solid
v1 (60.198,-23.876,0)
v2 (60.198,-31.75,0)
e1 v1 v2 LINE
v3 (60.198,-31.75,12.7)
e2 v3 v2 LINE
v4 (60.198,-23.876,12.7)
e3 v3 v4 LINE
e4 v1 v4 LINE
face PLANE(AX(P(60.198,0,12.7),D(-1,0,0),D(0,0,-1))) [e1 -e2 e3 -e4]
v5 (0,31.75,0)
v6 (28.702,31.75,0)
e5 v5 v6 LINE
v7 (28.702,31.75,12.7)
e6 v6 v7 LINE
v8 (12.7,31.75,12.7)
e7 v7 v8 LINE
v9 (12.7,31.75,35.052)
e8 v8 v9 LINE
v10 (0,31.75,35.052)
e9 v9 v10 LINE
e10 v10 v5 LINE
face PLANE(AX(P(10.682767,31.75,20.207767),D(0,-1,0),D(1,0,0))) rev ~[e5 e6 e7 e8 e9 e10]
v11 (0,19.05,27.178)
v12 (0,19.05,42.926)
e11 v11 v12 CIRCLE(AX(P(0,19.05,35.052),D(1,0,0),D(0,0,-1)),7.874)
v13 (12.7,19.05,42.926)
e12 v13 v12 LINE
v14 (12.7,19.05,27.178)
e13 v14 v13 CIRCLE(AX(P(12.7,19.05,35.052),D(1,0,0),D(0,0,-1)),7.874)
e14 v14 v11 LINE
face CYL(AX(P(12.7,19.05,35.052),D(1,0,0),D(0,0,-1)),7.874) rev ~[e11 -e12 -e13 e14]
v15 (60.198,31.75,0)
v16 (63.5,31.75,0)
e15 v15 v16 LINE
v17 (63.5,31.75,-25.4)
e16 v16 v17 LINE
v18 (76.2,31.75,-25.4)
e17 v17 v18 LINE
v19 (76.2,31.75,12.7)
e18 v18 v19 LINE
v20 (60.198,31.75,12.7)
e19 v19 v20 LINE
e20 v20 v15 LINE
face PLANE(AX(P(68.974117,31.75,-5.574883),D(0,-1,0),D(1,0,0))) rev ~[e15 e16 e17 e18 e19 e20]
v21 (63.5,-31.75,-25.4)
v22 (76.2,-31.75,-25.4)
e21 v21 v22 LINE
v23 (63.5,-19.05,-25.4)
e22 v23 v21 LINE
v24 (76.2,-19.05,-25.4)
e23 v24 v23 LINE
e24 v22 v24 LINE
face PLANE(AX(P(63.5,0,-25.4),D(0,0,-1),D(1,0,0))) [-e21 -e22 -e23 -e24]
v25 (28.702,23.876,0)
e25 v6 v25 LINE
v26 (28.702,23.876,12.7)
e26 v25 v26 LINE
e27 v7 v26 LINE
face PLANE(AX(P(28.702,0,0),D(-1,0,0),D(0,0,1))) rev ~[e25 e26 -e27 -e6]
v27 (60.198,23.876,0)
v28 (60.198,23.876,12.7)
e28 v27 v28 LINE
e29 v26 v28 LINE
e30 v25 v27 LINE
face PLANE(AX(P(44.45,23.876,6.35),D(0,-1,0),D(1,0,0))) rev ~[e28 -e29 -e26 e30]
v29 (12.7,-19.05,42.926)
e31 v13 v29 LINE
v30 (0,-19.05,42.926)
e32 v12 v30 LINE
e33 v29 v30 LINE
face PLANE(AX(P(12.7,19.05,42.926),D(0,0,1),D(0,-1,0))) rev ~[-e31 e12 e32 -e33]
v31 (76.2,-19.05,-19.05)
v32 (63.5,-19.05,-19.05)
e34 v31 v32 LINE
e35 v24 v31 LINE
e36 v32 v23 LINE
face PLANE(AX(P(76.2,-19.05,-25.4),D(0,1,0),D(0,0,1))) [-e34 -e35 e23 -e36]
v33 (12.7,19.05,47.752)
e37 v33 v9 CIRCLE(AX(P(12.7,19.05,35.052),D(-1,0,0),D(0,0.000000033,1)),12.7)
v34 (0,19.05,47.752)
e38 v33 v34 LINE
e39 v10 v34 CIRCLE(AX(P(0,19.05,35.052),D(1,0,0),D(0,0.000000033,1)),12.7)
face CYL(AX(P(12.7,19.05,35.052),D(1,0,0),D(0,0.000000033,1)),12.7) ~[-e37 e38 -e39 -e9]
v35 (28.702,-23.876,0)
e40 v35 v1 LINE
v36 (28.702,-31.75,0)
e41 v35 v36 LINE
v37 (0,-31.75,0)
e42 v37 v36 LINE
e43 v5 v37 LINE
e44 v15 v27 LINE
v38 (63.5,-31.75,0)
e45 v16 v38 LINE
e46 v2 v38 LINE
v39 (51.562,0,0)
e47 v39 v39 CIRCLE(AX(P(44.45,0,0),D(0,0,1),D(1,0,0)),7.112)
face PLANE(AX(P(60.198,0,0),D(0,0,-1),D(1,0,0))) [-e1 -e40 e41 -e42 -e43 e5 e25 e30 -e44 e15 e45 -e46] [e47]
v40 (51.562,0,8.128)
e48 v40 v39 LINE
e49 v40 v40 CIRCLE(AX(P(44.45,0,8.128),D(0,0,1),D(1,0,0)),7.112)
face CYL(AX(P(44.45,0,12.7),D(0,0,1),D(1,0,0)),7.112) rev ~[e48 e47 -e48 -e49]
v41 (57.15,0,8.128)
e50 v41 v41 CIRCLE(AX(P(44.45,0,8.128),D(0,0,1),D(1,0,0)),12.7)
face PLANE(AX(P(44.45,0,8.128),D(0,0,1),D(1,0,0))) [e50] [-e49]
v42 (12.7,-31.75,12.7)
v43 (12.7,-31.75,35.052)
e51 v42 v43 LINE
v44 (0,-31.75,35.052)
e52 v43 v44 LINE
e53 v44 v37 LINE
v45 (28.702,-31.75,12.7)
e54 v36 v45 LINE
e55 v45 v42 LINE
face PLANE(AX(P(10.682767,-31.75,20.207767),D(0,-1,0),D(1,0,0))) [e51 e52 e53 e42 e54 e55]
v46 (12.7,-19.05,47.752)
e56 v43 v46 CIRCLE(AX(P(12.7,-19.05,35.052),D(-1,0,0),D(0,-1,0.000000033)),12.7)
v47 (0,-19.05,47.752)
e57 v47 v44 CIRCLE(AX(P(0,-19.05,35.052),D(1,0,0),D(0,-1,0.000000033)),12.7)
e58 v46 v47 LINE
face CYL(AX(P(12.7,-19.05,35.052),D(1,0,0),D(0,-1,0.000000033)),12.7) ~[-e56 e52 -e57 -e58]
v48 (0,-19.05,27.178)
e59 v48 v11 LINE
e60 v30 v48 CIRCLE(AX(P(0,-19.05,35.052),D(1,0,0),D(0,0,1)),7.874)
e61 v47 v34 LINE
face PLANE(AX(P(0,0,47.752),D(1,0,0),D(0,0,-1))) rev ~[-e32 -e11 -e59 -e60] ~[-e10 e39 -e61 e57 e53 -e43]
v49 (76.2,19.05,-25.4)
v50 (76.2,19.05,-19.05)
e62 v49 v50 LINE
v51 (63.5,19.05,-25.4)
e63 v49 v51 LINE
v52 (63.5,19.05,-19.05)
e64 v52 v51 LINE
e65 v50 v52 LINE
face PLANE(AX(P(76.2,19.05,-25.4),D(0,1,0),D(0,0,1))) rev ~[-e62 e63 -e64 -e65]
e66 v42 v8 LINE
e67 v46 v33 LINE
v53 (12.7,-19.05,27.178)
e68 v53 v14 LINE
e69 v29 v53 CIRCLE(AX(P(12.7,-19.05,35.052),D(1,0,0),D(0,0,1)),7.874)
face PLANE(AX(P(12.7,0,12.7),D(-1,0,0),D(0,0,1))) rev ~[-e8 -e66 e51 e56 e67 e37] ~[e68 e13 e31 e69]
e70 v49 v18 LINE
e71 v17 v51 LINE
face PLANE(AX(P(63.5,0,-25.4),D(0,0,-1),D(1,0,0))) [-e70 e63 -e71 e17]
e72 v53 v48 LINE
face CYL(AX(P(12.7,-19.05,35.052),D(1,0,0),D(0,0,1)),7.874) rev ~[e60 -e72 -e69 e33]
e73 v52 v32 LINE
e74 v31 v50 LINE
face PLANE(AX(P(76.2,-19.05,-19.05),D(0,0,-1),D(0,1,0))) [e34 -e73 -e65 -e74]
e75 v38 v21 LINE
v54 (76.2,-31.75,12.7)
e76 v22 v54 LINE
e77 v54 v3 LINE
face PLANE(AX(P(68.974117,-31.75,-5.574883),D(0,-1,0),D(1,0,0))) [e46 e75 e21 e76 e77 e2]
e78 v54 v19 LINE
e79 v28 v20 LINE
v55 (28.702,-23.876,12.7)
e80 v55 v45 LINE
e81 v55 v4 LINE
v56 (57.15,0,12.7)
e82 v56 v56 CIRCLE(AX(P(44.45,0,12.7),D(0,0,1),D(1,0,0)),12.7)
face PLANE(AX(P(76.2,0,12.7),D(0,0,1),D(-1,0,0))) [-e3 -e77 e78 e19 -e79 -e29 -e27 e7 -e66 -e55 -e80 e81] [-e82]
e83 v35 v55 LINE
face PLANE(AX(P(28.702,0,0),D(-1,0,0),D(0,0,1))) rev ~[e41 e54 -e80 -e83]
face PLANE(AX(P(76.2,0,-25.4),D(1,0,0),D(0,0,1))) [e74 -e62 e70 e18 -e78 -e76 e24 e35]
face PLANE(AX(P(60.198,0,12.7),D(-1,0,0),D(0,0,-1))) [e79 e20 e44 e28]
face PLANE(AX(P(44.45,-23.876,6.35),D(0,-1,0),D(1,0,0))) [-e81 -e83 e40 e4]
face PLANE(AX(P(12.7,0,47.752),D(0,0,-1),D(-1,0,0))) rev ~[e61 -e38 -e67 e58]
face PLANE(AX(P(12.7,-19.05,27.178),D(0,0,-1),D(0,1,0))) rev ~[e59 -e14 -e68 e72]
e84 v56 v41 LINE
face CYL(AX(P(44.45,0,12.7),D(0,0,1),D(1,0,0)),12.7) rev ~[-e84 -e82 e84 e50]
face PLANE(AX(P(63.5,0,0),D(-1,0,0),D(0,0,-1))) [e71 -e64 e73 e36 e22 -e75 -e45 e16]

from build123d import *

# Parameters (mm, degrees)
F0_W     = 31.496
F0_H     = 12.7
F1_DEPTH = 23.876
F2_DEPTH = 31.75
F3_W     = 38.1
F3_H     = 6.35
F4_DEPTH = 76.201
F6_DEPTH = 25.4
F7_R     = 7.112
F8_DEPTH = 38.101
F7_R_2   = 12.7
F9_DEPTH = 4.572


with BuildPart() as f1:
    # F0 (on Front) → F1 (new body, symmetric)
    with BuildSketch(Plane.XZ):
        with Locations((44.45, 6.35)):
            Rectangle(F0_W, F0_H)
    extrude(amount=F1_DEPTH, both=True)

    # F0 (on Front) → F2 (join, symmetric)
    with BuildSketch(Plane.XZ):
        Polygon((0, 47.752), (0, 0), (28.702, 0), (28.702, 12.7), (12.7, 12.7), (12.7, 47.752), align=None)
        Polygon((60.198, 12.7), (60.198, 0), (63.5, 0), (63.5, -25.4), (76.2, -25.4), (76.2, 12.7), align=None)
    extrude(amount=F2_DEPTH, both=True)

    # F3 (on face) → F4 (cut, through all)
    with BuildSketch(Plane.YZ.offset(76.2)):
        with Locations((0, -22.225)):
            Rectangle(F3_W, F3_H)
    extrude(amount=-F4_DEPTH, mode=Mode.SUBTRACT)

    # F5 (on face) → F6 (cut)
    with BuildSketch(Plane.YZ.offset(12.7)):
        with BuildLine():
            ThreePointArc((-31.75, 35.052), (-28.030256, 44.032256), (-19.05, 47.752))
            Line((-19.05, 47.752), (-31.75, 47.752))
            Line((-31.75, 47.752), (-31.75, 35.052))
        make_face()
        with BuildLine():
            Line((19.05, 42.926), (-19.05, 42.926))
            ThreePointArc((-19.05, 42.926), (-26.924, 35.052), (-19.05, 27.178))
            Line((-19.05, 27.178), (19.05, 27.178))
            ThreePointArc((19.05, 27.178), (26.924, 35.052), (19.05, 42.926))
        make_face()
        with BuildLine():
            Line((31.75, 47.752), (19.05, 47.752))
            ThreePointArc((19.05, 47.752), (28.030256, 44.032256), (31.75, 35.052))
            Line((31.75, 35.052), (31.75, 47.752))
        make_face()
    extrude(amount=-F6_DEPTH, mode=Mode.SUBTRACT)

    # F7 (on face) → F8 (cut, through all)
    with BuildSketch(Plane.XY.offset(12.7)):
        with Locations((44.45, 0)):
            Circle(F7_R)
    extrude(amount=-F8_DEPTH, mode=Mode.SUBTRACT)

    # F7 (on face) → F9 (cut)
    with BuildSketch(Plane.XY.offset(12.7)):
        with Locations((44.45, 0)):
            Circle(F7_R_2)
        with Locations((44.45, 0)):
            Circle(F7_R, mode=Mode.SUBTRACT)
    extrude(amount=-F9_DEPTH, mode=Mode.SUBTRACT)


solid = f1.part
